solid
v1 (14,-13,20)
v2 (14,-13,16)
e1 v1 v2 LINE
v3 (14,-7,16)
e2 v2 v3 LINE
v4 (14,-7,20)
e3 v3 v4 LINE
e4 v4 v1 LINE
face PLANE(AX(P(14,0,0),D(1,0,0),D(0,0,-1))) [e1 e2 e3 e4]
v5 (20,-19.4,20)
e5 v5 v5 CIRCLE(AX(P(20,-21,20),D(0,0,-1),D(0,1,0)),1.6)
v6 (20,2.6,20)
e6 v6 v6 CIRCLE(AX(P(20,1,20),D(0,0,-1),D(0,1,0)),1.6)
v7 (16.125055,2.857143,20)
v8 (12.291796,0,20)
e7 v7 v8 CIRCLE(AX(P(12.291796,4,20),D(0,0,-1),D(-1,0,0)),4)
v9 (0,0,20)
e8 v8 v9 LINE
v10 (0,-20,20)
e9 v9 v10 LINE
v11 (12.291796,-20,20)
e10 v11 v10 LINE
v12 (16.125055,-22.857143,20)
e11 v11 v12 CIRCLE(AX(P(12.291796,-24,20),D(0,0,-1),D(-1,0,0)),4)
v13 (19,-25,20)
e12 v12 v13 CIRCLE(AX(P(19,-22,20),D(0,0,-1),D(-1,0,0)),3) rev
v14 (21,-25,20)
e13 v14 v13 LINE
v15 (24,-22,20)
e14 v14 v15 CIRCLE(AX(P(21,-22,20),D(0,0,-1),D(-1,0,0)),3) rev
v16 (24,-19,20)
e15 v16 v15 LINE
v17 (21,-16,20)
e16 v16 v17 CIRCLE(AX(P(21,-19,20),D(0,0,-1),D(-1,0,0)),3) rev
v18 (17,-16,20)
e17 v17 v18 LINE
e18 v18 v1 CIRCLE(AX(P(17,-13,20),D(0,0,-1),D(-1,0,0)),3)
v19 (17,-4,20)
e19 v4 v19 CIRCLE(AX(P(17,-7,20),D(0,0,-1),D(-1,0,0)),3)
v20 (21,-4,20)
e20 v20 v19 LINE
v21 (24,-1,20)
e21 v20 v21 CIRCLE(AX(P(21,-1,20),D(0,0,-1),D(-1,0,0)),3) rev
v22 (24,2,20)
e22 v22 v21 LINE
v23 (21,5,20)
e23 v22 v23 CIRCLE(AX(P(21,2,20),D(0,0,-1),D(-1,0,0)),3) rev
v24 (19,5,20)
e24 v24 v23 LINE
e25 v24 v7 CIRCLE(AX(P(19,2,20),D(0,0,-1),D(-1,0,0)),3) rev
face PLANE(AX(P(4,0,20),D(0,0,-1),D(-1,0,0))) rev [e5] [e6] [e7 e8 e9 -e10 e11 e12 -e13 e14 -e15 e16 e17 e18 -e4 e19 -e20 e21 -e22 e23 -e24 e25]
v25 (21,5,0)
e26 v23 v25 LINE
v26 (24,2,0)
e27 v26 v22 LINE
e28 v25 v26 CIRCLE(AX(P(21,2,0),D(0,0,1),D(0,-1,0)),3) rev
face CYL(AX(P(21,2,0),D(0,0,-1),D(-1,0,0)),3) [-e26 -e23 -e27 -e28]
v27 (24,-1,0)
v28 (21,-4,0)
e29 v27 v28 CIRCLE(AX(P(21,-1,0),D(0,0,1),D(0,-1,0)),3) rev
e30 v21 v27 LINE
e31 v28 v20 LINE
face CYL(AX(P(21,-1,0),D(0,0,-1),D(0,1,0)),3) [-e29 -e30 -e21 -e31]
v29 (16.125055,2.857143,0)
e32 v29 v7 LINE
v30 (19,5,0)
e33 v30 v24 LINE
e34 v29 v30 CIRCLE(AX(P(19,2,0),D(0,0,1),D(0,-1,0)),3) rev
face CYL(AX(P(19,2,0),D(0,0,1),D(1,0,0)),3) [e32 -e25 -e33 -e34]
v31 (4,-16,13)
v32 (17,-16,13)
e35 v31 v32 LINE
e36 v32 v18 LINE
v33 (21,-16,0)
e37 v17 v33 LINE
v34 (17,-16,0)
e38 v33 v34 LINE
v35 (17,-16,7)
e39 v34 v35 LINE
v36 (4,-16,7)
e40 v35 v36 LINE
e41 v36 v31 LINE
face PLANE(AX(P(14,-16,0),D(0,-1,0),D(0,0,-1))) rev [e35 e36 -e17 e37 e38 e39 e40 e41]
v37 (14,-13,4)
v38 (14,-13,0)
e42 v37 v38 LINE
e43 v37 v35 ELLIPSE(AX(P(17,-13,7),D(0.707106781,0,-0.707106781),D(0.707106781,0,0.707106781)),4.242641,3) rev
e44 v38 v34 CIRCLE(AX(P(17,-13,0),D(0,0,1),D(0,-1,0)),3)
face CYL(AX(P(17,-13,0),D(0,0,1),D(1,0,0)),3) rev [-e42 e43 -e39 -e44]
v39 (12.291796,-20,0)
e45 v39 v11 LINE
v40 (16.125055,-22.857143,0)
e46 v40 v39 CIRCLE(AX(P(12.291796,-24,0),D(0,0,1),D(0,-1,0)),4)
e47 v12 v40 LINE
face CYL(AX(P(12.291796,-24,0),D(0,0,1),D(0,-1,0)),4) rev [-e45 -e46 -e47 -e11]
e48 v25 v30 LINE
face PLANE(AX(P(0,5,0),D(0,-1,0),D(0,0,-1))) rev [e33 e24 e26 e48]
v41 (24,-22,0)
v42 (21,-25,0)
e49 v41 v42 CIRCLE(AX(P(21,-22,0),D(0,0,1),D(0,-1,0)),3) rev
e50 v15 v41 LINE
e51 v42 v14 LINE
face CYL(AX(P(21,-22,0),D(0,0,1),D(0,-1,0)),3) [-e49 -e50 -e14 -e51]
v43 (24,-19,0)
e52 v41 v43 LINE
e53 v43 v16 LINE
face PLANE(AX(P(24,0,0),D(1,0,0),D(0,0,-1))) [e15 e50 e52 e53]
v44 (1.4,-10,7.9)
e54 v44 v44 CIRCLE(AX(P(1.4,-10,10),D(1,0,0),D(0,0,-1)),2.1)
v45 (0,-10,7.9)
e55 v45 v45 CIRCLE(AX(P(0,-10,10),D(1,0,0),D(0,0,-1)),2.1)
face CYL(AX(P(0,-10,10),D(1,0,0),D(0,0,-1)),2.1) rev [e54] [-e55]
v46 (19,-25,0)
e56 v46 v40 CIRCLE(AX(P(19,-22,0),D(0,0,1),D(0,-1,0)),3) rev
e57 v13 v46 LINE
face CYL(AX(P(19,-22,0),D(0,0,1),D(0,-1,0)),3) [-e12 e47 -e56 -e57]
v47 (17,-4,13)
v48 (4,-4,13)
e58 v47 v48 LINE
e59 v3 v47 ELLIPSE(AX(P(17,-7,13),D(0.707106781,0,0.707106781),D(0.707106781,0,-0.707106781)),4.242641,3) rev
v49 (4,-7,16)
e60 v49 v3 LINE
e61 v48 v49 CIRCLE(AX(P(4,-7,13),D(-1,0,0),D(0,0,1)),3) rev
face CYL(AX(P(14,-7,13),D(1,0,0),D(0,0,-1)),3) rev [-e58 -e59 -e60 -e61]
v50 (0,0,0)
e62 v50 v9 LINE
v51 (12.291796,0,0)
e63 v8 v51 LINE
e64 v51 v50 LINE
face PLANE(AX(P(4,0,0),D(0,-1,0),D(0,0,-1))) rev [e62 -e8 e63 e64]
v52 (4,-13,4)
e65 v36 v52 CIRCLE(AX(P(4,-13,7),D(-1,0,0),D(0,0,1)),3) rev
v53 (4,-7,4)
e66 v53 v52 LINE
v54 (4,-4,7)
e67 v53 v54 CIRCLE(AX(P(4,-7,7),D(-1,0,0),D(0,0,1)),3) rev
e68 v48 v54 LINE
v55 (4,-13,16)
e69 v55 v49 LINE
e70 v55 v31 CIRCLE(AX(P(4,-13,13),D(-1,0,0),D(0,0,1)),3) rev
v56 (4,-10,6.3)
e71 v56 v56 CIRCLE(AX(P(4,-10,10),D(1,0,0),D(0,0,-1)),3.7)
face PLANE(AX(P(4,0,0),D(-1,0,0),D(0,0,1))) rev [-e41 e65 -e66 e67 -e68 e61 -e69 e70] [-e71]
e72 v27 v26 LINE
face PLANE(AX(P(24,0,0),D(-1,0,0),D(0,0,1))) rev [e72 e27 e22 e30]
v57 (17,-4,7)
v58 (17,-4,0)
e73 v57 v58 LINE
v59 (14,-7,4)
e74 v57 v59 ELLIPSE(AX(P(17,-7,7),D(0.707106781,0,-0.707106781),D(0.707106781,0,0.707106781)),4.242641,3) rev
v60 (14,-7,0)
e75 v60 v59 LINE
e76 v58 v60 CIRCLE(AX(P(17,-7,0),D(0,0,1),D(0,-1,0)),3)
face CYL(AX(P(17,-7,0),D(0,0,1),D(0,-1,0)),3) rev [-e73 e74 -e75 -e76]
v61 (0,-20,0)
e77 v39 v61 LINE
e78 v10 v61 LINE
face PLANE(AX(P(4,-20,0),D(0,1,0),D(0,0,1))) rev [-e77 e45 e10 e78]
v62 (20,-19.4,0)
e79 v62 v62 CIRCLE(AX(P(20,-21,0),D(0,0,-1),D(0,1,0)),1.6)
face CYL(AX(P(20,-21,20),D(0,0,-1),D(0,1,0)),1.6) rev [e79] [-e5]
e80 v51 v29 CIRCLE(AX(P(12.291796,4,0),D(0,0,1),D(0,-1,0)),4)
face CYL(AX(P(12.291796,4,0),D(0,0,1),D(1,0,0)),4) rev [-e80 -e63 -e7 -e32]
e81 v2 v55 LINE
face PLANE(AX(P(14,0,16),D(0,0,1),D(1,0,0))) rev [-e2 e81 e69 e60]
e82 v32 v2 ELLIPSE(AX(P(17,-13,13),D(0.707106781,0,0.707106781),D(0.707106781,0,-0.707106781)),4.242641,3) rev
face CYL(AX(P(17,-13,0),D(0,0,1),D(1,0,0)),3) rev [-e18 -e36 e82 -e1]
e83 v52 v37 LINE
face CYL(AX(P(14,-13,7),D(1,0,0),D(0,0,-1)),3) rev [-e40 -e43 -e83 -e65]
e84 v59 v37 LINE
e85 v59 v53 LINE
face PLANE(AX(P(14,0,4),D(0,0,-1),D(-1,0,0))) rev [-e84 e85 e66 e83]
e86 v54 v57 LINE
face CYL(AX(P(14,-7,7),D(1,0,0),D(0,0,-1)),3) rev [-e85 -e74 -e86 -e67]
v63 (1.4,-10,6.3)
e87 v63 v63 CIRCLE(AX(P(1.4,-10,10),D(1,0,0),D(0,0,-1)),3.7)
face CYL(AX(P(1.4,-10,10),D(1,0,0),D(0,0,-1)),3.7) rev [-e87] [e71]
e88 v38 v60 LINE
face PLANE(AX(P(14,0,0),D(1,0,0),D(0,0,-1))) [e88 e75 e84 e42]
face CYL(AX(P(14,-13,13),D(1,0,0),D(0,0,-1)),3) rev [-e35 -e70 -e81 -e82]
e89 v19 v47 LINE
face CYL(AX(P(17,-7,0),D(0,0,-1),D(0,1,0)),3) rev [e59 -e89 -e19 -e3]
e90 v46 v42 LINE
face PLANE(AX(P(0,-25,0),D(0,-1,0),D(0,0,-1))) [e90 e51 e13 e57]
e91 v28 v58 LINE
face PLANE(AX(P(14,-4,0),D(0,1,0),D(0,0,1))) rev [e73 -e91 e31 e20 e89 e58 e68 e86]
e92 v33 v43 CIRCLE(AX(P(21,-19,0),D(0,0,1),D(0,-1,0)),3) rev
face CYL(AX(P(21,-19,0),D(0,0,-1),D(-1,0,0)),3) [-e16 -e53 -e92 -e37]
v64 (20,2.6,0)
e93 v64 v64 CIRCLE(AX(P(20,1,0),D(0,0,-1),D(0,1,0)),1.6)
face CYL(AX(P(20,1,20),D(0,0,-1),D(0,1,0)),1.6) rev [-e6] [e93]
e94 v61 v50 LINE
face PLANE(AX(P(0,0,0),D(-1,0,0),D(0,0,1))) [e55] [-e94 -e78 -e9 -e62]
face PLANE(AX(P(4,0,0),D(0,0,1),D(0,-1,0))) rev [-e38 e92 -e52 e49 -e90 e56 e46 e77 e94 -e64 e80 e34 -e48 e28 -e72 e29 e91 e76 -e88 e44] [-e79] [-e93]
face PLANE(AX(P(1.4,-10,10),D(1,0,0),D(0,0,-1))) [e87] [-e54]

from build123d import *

# Parameters (mm, degrees)
SKETCH1_W           = 20
SKETCH1_H           = 20
BOSS_EXTRUDE1_DEPTH = 4
SKETCH2_R           = 3.7
CUT_EXTRUDE1_DEPTH  = 2.6
SKETCH3_R           = 2.1
CUT_EXTRUDE2_DEPTH  = 29.403520909
SKETCH4_W           = 12
SKETCH4_H           = 4
BOSS_EXTRUDE2_DEPTH = 10
SKETCH7_W           = 20
SKETCH7_H           = 4
BOSS_EXTRUDE3_DEPTH = 10
SKETCH8_W           = 8
SKETCH8_H           = 20
BOSS_EXTRUDE4_DEPTH = 5
SKETCH9_W           = 8
SKETCH9_H           = 20
BOSS_EXTRUDE5_DEPTH = 5
SKETCH10_R          = 1.6
CUT_EXTRUDE5_DEPTH  = 41.012498047
FILLET6_R           = 3
FILLET7_R           = 3
FILLET8_R           = 4


with BuildPart() as part:
    # Sketch1 → Boss-Extrude1 (new body)
    with BuildSketch(Plane(origin=(0, 0, 0), x_dir=(0, 0, -1), z_dir=(1, 0, 0))):
        with Locations((-10, -10)):
            Rectangle(SKETCH1_W, SKETCH1_H)
    extrude(amount=BOSS_EXTRUDE1_DEPTH)

    # Sketch2 → Cut-Extrude1 (cut)
    with BuildSketch(Plane(origin=(4, 0, 0), x_dir=(0, 0, -1), z_dir=(1, 0, 0))):
        with Locations((-10, -10)):
            Circle(SKETCH2_R)
    extrude(amount=-CUT_EXTRUDE1_DEPTH, mode=Mode.SUBTRACT)

    # Sketch3 → Cut-Extrude2 (cut, through all)
    with BuildSketch(Plane(origin=(1.4, 0, 0), x_dir=(0, 0, -1), z_dir=(1, 0, 0))):
        with Locations((-10, -10)):
            Circle(SKETCH3_R)
    extrude(amount=-CUT_EXTRUDE2_DEPTH, mode=Mode.SUBTRACT)

    # Sketch4 → Boss-Extrude2 (add)
    with BuildSketch(Plane(origin=(4, 0, 0), x_dir=(0, 0, -1), z_dir=(1, 0, 0))):
        Polygon((-20, 0), (-20, -20), (-16, -20), (-16, -16), (-16, -4), (-16, 0), align=None)
        with Locations((-10, -18)):
            Rectangle(SKETCH4_W, SKETCH4_H)
        Polygon((-4, -16), (-4, -20), (0, -20), (0, -4), (-4, -4), align=None)
        Polygon((0, 0), (-16, 0), (-16, -4), (-4, -4), (0, -4), align=None)
    extrude(amount=BOSS_EXTRUDE2_DEPTH)

    # Sketch7 → Boss-Extrude3 (add)
    with BuildSketch(Plane(origin=(14, 0, 0), x_dir=(0, 0, -1), z_dir=(1, 0, 0))):
        with Locations((-10, -18)):
            Rectangle(SKETCH7_W, SKETCH7_H)
        with Locations((-10, -2)):
            Rectangle(SKETCH7_W, SKETCH7_H)
    extrude(amount=BOSS_EXTRUDE3_DEPTH)

    # Sketch8 → Boss-Extrude4 (add)
    with BuildSketch(Plane(origin=(0, -20, 0), x_dir=(-1, 0, 0), z_dir=(0, -1, 0))):
        with Locations((-20, -10)):
            Rectangle(SKETCH8_W, SKETCH8_H)
    extrude(amount=BOSS_EXTRUDE4_DEPTH)

    # Sketch9 → Boss-Extrude5 (add)
    with BuildSketch(Plane(origin=(0, 0, 0), x_dir=(1, 0, 0), z_dir=(0, 1, 0))):
        with Locations((20, -10)):
            Rectangle(SKETCH9_W, SKETCH9_H)
    extrude(amount=BOSS_EXTRUDE5_DEPTH)

    # Sketch10 → Cut-Extrude5 (cut, through all)
    with BuildSketch(Plane(origin=(0, 0, 0), x_dir=(-1, 0, 0), z_dir=(0, 0, -1))):
        with Locations(Location((-20, 1, 0), (0, 0, 90))):
            Circle(SKETCH10_R)
        with Locations(Location((-20, -21, 0), (0, 0, 90))):
            Circle(SKETCH10_R)
    extrude(amount=-CUT_EXTRUDE5_DEPTH, mode=Mode.SUBTRACT)

    # Fillet6
    fillet6_edges = [part.edges().sort_by_distance(p)[0] for p in [
        (24, -16, 10),
        (24, -4, 10),
        (24, -25, 10),
        (16, -25, 10),
        (24, 5, 10),
        (16, 5, 10),
    ]]
    fillet(fillet6_edges, radius=FILLET6_R)

    # Fillet7
    fillet7_edges = [part.edges().sort_by_distance(p)[0] for p in [
        (9, -4, 16),
        (9, -4, 4),
        (9, -16, 4),
        (9, -16, 16),
        (14, -16, 18),
        (14, -16, 2),
        (14, -4, 2),
        (14, -4, 18),
    ]]
    fillet(fillet7_edges, radius=FILLET7_R)

    # Fillet8
    fillet8_edges = [part.edges().sort_by_distance(p)[0] for p in [
        (16, -20, 10),
        (16, 0, 10),
    ]]
    fillet(fillet8_edges, radius=FILLET8_R)


solid = part.part
